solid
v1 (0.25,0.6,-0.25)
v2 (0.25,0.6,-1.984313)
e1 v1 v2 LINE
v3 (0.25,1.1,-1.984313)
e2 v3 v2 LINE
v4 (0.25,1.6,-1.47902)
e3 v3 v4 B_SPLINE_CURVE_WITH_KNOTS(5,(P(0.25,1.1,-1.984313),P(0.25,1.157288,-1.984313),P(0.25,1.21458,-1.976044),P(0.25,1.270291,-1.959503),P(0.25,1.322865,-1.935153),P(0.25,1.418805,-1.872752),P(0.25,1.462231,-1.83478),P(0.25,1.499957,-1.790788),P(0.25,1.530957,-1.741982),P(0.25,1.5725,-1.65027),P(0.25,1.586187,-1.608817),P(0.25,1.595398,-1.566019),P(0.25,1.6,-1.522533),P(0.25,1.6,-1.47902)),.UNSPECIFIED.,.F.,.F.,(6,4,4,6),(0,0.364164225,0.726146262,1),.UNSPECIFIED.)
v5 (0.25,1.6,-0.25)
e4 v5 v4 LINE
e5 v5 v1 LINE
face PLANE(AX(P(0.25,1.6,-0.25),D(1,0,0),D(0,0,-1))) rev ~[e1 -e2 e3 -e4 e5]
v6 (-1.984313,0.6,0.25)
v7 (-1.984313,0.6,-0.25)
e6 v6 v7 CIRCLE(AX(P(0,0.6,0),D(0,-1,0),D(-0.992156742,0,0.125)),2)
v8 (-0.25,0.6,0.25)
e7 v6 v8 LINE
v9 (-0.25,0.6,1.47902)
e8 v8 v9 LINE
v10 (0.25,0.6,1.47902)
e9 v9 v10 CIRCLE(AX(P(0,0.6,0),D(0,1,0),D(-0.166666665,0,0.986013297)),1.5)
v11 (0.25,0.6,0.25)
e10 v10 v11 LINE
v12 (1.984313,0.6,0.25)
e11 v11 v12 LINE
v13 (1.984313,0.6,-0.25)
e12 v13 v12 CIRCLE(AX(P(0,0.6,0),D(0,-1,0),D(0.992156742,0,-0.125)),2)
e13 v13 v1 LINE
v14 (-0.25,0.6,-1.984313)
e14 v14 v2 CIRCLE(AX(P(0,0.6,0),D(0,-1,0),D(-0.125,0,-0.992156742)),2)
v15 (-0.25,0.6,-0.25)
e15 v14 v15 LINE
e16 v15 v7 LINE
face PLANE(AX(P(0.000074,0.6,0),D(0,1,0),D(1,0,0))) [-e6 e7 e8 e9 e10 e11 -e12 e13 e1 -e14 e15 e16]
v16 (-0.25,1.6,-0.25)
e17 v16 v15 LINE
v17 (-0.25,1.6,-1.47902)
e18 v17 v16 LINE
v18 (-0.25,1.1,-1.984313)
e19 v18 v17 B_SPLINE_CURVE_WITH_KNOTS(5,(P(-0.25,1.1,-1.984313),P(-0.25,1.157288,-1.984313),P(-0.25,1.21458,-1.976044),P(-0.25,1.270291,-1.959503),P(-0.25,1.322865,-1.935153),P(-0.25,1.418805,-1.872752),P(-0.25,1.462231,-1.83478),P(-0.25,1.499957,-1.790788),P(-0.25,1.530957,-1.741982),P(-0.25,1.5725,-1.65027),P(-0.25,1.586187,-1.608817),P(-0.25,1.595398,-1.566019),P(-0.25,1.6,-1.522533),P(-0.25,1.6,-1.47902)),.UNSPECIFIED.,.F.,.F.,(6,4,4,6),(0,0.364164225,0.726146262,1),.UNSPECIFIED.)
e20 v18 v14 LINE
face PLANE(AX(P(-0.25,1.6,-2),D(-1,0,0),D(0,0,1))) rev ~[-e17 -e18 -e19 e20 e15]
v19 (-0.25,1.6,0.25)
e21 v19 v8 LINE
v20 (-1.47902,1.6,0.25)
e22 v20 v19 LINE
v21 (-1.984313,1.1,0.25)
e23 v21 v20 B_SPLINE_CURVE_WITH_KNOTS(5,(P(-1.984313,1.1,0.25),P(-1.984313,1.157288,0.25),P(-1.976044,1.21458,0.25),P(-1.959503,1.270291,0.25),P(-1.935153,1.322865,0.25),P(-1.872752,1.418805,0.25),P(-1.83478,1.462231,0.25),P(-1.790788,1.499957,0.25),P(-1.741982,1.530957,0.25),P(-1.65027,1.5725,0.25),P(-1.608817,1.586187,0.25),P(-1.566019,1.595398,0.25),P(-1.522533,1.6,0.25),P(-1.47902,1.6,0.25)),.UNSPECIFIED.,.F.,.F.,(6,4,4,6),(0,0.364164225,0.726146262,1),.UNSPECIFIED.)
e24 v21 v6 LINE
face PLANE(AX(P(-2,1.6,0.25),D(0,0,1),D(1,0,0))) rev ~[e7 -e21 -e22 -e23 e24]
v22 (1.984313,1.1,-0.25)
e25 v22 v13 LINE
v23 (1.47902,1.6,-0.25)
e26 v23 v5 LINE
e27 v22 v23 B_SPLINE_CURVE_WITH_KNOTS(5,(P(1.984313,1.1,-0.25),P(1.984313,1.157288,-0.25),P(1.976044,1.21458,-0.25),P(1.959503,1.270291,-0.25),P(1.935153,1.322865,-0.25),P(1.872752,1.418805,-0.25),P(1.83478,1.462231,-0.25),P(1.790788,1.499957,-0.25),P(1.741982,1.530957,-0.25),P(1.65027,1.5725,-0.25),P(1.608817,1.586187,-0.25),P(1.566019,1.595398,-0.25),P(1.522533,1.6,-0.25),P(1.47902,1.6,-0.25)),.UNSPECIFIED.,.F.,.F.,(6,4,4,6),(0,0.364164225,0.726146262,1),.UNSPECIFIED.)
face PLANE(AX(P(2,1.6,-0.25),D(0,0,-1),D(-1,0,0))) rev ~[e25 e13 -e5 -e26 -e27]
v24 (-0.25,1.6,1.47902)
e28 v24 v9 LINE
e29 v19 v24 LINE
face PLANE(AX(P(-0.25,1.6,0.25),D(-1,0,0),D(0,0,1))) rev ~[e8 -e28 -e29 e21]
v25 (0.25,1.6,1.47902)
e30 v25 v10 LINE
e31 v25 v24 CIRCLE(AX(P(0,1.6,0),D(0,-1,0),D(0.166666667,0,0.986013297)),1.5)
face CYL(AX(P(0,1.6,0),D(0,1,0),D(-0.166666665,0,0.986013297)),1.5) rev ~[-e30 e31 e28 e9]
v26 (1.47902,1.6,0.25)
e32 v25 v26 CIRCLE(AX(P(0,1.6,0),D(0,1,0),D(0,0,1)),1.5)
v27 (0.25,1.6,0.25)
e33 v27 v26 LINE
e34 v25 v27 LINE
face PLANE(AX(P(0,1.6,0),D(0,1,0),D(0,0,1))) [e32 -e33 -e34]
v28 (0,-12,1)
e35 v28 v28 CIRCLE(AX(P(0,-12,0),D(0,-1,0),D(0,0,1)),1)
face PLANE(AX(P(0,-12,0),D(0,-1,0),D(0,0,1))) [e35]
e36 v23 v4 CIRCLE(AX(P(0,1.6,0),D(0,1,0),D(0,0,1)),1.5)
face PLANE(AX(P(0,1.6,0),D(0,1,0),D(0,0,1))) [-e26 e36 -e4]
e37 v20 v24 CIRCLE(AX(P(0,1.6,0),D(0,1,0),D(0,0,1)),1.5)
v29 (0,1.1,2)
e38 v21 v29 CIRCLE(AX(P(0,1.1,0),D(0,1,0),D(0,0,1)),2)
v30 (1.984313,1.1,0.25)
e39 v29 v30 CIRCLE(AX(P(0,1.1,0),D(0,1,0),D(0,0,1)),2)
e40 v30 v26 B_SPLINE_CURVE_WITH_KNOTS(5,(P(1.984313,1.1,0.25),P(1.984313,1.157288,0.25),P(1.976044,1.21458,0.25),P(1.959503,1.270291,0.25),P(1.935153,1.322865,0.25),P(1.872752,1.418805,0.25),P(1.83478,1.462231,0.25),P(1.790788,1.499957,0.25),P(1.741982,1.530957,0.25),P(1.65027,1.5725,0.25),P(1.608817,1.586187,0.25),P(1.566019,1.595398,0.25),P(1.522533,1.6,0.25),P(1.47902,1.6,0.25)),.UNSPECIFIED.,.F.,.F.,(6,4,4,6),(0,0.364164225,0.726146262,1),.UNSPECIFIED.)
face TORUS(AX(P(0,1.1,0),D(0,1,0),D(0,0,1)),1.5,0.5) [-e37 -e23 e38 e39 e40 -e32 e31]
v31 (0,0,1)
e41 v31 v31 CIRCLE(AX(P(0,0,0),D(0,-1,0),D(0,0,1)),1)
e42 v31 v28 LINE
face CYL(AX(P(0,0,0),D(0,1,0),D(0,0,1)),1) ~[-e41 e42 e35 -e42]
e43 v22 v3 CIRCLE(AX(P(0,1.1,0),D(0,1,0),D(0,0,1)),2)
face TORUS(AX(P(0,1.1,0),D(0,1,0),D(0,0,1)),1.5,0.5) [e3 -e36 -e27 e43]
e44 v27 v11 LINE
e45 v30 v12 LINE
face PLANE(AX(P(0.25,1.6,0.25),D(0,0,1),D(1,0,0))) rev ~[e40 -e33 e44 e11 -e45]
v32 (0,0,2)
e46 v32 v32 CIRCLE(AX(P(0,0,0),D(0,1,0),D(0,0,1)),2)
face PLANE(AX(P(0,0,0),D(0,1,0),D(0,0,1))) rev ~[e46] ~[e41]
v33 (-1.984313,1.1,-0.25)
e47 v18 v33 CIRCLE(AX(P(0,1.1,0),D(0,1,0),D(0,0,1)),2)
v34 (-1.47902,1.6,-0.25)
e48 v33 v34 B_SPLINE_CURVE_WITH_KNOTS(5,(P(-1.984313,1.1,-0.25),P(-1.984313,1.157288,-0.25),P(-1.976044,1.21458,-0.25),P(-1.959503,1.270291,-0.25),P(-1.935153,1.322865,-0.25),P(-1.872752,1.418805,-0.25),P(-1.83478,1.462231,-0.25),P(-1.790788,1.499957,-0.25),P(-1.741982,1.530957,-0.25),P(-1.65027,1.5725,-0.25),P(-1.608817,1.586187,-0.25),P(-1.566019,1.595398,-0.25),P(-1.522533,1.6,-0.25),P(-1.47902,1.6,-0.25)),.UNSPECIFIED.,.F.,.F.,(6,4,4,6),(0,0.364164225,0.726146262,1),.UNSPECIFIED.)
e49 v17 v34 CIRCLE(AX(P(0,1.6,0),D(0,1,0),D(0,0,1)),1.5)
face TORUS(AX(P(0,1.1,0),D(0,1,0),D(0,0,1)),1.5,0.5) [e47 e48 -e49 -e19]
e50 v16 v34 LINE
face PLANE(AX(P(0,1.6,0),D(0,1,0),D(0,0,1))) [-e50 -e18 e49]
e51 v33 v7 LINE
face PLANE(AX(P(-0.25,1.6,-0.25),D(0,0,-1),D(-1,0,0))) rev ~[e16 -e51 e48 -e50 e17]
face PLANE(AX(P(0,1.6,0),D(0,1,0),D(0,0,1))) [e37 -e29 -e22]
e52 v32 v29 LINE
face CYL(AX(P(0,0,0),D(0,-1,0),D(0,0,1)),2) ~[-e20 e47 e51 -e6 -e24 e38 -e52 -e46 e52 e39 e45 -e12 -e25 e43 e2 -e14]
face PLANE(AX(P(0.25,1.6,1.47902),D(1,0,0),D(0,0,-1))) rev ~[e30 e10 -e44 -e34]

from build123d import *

# Parameters (mm, degrees)
SKETCH1_R           = 2
BOSS_EXTRUDE1_DEPTH = 1.6
FILLET1_R           = 0.5
SKETCH2_R           = 1
BOSS_EXTRUDE2_DEPTH = 12
CUT_EXTRUDE1_DEPTH  = 1


with BuildPart() as part:
    # Sketch1 → Boss-Extrude1 (new body)
    with BuildSketch(Plane(origin=(0, 0, 0), x_dir=(1, 0, 0), z_dir=(0, 1, 0))):
        with Locations(Location((0, 0, 0), (0, 0, 270))):
            Circle(SKETCH1_R)
    extrude(amount=BOSS_EXTRUDE1_DEPTH)

    # Fillet1
    fillet1_edges = [part.edges().sort_by_distance(p)[0] for p in [
        (0, 1.6, -2),
    ]]
    fillet(fillet1_edges, radius=FILLET1_R)

    # Sketch2 → Boss-Extrude2 (add)
    with BuildSketch(Plane.XZ):
        with Locations(Location((0, 0, 0), (0, 0, 90))):
            Circle(SKETCH2_R)
    extrude(amount=BOSS_EXTRUDE2_DEPTH)

    # Sketch3 → Cut-Extrude1 (cut)
    with BuildSketch(Plane(origin=(0, 1.6, 0), x_dir=(1, 0, 0), z_dir=(0, 1, 0))):
        with BuildLine():
            ThreePointArc((0.25, 1.479019946), (0, 1.5), (-0.25, 1.479019946))
            Line((-0.25, 1.479019946), (-0.25, 0.25))
            Line((-0.25, 0.25), (-1.479019946, 0.25))
            ThreePointArc((-1.479019946, 0.25), (-1.5, 0), (-1.479019946, -0.25))
            Line((-1.479019946, -0.25), (-0.25, -0.25))
            Line((-0.25, -0.25), (-0.25, -1.479019946))
            ThreePointArc((-0.25, -1.479019946), (0, -1.5), (0.25, -1.479019946))
            Line((0.25, -1.479019946), (0.25, -0.25))
            Line((0.25, -0.25), (1.479019946, -0.25))
            ThreePointArc((1.479019946, -0.25), (1.494745784, -0.12543939), (1.5, 0))
            ThreePointArc((1.5, 0), (1.494745784, 0.12543939), (1.479019946, 0.25))
            Line((1.479019946, 0.25), (0.25, 0.25))
            Line((0.25, 0.25), (0.25, 1.479019946))
        make_face()
        with BuildLine():
            Line((2, 0.25), (1.479019946, 0.25))
            ThreePointArc((1.479019946, 0.25), (1.494745784, 0.12543939), (1.5, 0))
            ThreePointArc((1.5, 0), (1.494745784, -0.12543939), (1.479019946, -0.25))
            Line((1.479019946, -0.25), (2, -0.25))
            Line((2, -0.25), (2, 0.25))
        make_face()
        with BuildLine():
            ThreePointArc((-1.479019946, -0.25), (-1.5, 0), (-1.479019946, 0.25))
            Line((-1.479019946, 0.25), (-2, 0.25))
            Line((-2, 0.25), (-2, -0.25))
            Line((-2, -0.25), (-1.479019946, -0.25))
        make_face()
        with BuildLine():
            Line((0.25, 2), (-0.25, 2))
            Line((-0.25, 2), (-0.25, 1.479019946))
            ThreePointArc((-0.25, 1.479019946), (0, 1.5), (0.25, 1.479019946))
            Line((0.25, 1.479019946), (0.25, 2))
        make_face()
    extrude(amount=-CUT_EXTRUDE1_DEPTH, mode=Mode.SUBTRACT)


solid = part.part
